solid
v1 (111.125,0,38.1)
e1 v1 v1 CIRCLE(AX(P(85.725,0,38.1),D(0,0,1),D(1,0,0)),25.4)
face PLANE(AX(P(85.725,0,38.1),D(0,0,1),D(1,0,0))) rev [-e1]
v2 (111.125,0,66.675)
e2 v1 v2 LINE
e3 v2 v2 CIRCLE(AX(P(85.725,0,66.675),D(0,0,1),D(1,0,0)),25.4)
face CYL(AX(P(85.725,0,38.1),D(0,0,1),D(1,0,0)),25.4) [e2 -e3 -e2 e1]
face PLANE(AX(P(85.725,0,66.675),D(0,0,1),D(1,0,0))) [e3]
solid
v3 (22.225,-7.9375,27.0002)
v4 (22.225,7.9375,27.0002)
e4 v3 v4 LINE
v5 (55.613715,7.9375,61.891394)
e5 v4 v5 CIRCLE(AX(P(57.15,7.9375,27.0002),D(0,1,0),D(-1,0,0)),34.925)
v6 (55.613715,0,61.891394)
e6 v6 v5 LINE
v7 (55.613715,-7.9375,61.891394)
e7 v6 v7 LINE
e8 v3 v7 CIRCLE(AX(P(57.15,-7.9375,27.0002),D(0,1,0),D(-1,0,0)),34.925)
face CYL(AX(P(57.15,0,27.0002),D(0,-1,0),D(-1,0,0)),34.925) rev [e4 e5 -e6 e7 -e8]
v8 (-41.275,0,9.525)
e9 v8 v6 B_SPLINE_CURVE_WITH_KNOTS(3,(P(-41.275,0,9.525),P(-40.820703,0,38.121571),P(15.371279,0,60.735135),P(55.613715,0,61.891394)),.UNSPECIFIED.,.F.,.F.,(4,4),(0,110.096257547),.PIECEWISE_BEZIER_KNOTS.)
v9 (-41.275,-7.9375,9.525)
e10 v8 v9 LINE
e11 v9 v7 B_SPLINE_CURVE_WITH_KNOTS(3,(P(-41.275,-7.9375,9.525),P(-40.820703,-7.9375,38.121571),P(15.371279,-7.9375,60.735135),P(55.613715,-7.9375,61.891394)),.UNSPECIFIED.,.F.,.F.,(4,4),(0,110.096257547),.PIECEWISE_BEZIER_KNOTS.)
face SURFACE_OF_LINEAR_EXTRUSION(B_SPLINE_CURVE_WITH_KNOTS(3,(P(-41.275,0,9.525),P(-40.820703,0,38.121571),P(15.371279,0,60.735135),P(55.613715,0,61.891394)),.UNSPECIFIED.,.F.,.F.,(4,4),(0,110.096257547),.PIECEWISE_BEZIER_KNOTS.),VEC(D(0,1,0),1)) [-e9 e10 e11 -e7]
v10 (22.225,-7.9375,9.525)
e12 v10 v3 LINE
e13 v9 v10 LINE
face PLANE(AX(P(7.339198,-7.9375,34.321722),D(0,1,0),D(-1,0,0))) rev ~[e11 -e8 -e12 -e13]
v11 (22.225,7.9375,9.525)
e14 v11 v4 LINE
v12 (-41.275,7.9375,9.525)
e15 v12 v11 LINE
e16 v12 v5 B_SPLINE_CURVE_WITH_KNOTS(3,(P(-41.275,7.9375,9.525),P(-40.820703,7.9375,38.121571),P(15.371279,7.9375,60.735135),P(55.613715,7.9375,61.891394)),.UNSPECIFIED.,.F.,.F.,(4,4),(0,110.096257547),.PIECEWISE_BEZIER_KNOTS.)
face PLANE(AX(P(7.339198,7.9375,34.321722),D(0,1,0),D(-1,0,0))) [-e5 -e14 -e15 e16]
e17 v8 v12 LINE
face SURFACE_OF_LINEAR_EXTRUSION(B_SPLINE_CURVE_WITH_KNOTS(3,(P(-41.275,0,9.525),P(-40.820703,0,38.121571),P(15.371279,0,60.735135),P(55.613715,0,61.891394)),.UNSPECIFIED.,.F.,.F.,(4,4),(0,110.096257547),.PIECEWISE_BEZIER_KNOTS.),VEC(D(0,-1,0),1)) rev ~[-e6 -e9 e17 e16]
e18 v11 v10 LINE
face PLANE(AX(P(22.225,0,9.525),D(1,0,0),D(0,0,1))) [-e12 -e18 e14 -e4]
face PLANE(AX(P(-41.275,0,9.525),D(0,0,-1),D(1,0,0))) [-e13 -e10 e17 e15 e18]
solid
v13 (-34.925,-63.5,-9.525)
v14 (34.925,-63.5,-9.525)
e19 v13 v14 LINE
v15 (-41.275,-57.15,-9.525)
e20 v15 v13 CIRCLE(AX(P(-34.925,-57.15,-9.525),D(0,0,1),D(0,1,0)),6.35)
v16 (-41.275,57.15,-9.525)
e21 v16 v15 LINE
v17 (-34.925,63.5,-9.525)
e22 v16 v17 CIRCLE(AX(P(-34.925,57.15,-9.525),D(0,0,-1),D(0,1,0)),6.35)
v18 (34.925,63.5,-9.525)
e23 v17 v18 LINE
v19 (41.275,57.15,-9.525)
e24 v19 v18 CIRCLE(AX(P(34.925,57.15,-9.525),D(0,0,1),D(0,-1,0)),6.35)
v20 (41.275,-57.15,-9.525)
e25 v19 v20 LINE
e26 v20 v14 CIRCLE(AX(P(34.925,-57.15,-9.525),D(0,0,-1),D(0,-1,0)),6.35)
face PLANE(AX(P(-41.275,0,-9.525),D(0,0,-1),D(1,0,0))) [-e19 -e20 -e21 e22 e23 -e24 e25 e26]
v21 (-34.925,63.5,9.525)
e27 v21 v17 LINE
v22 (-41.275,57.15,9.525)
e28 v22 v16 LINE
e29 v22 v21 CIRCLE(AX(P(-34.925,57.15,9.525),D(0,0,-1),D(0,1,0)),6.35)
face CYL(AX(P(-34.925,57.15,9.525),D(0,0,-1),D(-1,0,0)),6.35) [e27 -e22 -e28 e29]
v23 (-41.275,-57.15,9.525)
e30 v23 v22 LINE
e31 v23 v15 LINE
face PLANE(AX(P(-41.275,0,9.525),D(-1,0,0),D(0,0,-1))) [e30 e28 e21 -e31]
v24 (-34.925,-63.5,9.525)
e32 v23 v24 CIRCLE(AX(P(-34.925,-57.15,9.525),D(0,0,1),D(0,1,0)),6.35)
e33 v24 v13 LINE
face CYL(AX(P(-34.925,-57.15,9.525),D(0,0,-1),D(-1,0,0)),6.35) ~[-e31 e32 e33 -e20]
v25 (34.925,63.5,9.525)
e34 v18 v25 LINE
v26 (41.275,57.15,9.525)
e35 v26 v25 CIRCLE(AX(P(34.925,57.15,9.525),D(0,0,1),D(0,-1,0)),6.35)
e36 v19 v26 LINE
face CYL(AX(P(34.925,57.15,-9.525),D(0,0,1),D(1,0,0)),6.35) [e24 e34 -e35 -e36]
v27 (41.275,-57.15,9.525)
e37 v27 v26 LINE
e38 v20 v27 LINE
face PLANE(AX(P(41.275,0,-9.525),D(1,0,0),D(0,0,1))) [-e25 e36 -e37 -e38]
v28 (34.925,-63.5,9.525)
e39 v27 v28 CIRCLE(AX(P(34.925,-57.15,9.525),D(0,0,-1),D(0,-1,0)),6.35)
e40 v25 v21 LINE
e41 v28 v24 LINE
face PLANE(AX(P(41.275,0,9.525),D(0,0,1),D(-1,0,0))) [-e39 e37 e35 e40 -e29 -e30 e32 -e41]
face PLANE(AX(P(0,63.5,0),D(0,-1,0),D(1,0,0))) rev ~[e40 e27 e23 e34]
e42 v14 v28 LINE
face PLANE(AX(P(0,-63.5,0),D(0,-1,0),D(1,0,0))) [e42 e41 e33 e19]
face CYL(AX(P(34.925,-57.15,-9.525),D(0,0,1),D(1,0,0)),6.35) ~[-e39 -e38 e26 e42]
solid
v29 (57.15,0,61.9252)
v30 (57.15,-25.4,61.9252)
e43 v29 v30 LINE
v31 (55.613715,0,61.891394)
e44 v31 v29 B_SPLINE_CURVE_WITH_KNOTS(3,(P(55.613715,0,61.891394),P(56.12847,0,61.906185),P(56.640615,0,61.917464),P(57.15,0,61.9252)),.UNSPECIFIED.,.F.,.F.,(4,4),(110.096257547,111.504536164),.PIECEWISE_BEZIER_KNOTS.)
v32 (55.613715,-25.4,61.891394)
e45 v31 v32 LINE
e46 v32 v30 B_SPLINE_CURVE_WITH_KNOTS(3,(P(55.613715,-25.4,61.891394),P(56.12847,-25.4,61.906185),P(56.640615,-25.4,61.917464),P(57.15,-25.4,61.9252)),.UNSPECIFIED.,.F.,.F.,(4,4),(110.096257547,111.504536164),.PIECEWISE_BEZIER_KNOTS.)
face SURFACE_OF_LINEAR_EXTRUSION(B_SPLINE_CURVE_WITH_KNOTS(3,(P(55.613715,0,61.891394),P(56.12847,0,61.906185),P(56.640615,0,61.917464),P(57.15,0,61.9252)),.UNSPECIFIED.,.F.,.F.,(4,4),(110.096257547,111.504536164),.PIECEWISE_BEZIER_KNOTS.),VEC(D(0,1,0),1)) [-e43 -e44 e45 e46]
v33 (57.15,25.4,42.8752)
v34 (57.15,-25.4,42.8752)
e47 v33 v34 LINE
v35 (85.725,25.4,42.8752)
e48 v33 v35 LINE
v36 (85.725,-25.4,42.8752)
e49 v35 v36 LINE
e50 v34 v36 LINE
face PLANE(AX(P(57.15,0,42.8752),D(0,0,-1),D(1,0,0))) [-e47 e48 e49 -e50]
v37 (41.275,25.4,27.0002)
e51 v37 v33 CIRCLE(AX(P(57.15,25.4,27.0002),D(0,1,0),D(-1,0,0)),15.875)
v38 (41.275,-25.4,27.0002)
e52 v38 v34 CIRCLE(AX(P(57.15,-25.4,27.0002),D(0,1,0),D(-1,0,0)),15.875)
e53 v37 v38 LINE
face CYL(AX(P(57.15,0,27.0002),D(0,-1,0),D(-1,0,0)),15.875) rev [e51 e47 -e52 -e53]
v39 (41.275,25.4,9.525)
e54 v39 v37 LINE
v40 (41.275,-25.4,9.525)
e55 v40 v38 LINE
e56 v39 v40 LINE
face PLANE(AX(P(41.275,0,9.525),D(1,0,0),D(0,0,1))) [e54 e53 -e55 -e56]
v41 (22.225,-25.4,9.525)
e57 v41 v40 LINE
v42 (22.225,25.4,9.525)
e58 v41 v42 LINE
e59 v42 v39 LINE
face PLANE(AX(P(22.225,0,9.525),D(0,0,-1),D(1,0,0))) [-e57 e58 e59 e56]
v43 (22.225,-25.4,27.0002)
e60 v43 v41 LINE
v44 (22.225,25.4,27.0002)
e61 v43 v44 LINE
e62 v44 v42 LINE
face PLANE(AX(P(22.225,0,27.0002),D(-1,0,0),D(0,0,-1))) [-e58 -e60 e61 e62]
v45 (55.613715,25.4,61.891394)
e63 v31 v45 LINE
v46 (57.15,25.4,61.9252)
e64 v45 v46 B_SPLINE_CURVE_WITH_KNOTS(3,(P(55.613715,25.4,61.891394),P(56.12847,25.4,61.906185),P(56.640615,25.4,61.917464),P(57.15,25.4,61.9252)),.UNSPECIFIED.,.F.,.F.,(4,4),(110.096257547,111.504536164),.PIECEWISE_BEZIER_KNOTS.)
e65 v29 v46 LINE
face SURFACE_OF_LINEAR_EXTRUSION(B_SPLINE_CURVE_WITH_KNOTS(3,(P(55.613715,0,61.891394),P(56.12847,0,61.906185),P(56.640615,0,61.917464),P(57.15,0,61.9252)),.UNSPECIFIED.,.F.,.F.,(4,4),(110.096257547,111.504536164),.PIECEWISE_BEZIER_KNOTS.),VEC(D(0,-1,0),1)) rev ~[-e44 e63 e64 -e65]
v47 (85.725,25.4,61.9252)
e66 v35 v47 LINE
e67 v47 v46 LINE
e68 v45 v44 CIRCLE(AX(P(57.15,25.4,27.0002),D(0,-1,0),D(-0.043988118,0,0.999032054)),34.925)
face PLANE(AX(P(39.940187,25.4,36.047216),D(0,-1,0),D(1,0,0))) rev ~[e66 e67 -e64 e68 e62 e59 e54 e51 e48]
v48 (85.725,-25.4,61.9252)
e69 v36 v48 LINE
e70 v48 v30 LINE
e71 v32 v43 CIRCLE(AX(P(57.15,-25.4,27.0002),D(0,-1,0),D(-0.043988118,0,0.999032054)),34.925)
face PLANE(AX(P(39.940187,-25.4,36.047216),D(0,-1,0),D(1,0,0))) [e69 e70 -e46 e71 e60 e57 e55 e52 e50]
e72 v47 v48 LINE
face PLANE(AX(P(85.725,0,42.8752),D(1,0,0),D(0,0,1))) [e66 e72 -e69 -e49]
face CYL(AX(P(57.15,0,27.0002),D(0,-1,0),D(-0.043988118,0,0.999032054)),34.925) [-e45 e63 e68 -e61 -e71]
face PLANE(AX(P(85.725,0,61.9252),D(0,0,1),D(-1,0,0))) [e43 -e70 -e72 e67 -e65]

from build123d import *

# Parameters (mm, degrees)
F1_DEPTH = 63.5
F0_W     = 25.4
F0_H     = 19.05
F2_DEPTH = 25.4
F3_DEPTH = 7.9375
F5_R     = 6.35


with BuildPart() as f1:
    # F0 (on Front) → F1 (new body, symmetric)
    with BuildSketch(Plane.XZ):
        Polygon((-41.275, 9.525), (-41.275, -9.525), (41.275, -9.525), (41.275, 9.525), (22.225, 9.525), align=None)
    extrude(amount=F1_DEPTH, both=True)

    # F5
    f5_edges = [f1.edges().sort_by_distance(p)[0] for p in [
        (41.275, -63.5, 0),
        (-41.275, -63.5, 0),
        (-41.275, 63.5, 0),
        (41.275, 63.5, 0),
    ]]
    fillet(f5_edges, radius=F5_R)


with BuildPart() as f2:
    # F0 (on Front) → F2 (new body, symmetric)
    with BuildSketch(Plane.XZ):
        with BuildLine():
            Line((22.225, 9.525), (41.275, 9.525))
            Line((41.275, 9.525), (41.275, 27.0002))
            ThreePointArc((41.275, 27.0002), (45.9246798487, 38.2255201513), (57.15, 42.8752))
            Line((57.15, 42.8752), (60.325, 42.8752))
            Line((60.325, 42.8752), (60.325, 61.9252))
            Line((60.325, 61.9252), (57.15, 61.9252))
            add(Edge.make_bspline(
                [(55.6137149679, 61.8913944952), (56.1284696287, 61.9061846013), (56.6406146507, 61.9174638983), (57.15, 61.9252)],
                knots=[110.0962575469, 110.0962575469, 110.0962575469, 110.0962575469, 111.5045361635, 111.5045361635, 111.5045361635, 111.5045361635], degree=3))
            ThreePointArc((55.6137149679, 61.8913944952), (31.9169821489, 51.1466373175), (22.225, 27.0002))
            Line((22.225, 27.0002), (22.225, 9.525))
        make_face()
        with Locations((73.025, 52.4002)):
            Rectangle(F0_W, F0_H)
    extrude(amount=F2_DEPTH, both=True)


with BuildPart() as f3:
    # F0 (on Front) → F3 (new body, symmetric)
    with BuildSketch(Plane.XZ):
        with BuildLine():
            add(Edge.make_bspline(
                [(-41.275, 9.525), (-40.8207025308, 38.1215714255), (15.371279249, 60.7351351358), (55.6137149679, 61.8913944952)],
                knots=[0, 0, 0, 0, 110.0962575469, 110.0962575469, 110.0962575469, 110.0962575469], degree=3))
            Line((-41.275, 9.525), (22.225, 9.525))
            Line((22.225, 9.525), (22.225, 27.0002))
            ThreePointArc((22.225, 27.0002), (31.9169821489, 51.1466373175), (55.6137149679, 61.8913944952))
        make_face()
    extrude(amount=F3_DEPTH, both=True)


with BuildPart() as f4:
    # F0 (on Front) → F4 (revolve)
    with BuildSketch(Plane.XZ):
        Polygon((85.725, 66.675), (85.725, 61.9252), (85.725, 42.8752), (85.725, 38.1), (111.125, 38.1), (111.125, 66.675), align=None)
    revolve(axis=Axis((85.725, 0, 52.3875), (0, 0, 1)))


solid = Compound([f1.part, f2.part, f3.part, f4.part])
